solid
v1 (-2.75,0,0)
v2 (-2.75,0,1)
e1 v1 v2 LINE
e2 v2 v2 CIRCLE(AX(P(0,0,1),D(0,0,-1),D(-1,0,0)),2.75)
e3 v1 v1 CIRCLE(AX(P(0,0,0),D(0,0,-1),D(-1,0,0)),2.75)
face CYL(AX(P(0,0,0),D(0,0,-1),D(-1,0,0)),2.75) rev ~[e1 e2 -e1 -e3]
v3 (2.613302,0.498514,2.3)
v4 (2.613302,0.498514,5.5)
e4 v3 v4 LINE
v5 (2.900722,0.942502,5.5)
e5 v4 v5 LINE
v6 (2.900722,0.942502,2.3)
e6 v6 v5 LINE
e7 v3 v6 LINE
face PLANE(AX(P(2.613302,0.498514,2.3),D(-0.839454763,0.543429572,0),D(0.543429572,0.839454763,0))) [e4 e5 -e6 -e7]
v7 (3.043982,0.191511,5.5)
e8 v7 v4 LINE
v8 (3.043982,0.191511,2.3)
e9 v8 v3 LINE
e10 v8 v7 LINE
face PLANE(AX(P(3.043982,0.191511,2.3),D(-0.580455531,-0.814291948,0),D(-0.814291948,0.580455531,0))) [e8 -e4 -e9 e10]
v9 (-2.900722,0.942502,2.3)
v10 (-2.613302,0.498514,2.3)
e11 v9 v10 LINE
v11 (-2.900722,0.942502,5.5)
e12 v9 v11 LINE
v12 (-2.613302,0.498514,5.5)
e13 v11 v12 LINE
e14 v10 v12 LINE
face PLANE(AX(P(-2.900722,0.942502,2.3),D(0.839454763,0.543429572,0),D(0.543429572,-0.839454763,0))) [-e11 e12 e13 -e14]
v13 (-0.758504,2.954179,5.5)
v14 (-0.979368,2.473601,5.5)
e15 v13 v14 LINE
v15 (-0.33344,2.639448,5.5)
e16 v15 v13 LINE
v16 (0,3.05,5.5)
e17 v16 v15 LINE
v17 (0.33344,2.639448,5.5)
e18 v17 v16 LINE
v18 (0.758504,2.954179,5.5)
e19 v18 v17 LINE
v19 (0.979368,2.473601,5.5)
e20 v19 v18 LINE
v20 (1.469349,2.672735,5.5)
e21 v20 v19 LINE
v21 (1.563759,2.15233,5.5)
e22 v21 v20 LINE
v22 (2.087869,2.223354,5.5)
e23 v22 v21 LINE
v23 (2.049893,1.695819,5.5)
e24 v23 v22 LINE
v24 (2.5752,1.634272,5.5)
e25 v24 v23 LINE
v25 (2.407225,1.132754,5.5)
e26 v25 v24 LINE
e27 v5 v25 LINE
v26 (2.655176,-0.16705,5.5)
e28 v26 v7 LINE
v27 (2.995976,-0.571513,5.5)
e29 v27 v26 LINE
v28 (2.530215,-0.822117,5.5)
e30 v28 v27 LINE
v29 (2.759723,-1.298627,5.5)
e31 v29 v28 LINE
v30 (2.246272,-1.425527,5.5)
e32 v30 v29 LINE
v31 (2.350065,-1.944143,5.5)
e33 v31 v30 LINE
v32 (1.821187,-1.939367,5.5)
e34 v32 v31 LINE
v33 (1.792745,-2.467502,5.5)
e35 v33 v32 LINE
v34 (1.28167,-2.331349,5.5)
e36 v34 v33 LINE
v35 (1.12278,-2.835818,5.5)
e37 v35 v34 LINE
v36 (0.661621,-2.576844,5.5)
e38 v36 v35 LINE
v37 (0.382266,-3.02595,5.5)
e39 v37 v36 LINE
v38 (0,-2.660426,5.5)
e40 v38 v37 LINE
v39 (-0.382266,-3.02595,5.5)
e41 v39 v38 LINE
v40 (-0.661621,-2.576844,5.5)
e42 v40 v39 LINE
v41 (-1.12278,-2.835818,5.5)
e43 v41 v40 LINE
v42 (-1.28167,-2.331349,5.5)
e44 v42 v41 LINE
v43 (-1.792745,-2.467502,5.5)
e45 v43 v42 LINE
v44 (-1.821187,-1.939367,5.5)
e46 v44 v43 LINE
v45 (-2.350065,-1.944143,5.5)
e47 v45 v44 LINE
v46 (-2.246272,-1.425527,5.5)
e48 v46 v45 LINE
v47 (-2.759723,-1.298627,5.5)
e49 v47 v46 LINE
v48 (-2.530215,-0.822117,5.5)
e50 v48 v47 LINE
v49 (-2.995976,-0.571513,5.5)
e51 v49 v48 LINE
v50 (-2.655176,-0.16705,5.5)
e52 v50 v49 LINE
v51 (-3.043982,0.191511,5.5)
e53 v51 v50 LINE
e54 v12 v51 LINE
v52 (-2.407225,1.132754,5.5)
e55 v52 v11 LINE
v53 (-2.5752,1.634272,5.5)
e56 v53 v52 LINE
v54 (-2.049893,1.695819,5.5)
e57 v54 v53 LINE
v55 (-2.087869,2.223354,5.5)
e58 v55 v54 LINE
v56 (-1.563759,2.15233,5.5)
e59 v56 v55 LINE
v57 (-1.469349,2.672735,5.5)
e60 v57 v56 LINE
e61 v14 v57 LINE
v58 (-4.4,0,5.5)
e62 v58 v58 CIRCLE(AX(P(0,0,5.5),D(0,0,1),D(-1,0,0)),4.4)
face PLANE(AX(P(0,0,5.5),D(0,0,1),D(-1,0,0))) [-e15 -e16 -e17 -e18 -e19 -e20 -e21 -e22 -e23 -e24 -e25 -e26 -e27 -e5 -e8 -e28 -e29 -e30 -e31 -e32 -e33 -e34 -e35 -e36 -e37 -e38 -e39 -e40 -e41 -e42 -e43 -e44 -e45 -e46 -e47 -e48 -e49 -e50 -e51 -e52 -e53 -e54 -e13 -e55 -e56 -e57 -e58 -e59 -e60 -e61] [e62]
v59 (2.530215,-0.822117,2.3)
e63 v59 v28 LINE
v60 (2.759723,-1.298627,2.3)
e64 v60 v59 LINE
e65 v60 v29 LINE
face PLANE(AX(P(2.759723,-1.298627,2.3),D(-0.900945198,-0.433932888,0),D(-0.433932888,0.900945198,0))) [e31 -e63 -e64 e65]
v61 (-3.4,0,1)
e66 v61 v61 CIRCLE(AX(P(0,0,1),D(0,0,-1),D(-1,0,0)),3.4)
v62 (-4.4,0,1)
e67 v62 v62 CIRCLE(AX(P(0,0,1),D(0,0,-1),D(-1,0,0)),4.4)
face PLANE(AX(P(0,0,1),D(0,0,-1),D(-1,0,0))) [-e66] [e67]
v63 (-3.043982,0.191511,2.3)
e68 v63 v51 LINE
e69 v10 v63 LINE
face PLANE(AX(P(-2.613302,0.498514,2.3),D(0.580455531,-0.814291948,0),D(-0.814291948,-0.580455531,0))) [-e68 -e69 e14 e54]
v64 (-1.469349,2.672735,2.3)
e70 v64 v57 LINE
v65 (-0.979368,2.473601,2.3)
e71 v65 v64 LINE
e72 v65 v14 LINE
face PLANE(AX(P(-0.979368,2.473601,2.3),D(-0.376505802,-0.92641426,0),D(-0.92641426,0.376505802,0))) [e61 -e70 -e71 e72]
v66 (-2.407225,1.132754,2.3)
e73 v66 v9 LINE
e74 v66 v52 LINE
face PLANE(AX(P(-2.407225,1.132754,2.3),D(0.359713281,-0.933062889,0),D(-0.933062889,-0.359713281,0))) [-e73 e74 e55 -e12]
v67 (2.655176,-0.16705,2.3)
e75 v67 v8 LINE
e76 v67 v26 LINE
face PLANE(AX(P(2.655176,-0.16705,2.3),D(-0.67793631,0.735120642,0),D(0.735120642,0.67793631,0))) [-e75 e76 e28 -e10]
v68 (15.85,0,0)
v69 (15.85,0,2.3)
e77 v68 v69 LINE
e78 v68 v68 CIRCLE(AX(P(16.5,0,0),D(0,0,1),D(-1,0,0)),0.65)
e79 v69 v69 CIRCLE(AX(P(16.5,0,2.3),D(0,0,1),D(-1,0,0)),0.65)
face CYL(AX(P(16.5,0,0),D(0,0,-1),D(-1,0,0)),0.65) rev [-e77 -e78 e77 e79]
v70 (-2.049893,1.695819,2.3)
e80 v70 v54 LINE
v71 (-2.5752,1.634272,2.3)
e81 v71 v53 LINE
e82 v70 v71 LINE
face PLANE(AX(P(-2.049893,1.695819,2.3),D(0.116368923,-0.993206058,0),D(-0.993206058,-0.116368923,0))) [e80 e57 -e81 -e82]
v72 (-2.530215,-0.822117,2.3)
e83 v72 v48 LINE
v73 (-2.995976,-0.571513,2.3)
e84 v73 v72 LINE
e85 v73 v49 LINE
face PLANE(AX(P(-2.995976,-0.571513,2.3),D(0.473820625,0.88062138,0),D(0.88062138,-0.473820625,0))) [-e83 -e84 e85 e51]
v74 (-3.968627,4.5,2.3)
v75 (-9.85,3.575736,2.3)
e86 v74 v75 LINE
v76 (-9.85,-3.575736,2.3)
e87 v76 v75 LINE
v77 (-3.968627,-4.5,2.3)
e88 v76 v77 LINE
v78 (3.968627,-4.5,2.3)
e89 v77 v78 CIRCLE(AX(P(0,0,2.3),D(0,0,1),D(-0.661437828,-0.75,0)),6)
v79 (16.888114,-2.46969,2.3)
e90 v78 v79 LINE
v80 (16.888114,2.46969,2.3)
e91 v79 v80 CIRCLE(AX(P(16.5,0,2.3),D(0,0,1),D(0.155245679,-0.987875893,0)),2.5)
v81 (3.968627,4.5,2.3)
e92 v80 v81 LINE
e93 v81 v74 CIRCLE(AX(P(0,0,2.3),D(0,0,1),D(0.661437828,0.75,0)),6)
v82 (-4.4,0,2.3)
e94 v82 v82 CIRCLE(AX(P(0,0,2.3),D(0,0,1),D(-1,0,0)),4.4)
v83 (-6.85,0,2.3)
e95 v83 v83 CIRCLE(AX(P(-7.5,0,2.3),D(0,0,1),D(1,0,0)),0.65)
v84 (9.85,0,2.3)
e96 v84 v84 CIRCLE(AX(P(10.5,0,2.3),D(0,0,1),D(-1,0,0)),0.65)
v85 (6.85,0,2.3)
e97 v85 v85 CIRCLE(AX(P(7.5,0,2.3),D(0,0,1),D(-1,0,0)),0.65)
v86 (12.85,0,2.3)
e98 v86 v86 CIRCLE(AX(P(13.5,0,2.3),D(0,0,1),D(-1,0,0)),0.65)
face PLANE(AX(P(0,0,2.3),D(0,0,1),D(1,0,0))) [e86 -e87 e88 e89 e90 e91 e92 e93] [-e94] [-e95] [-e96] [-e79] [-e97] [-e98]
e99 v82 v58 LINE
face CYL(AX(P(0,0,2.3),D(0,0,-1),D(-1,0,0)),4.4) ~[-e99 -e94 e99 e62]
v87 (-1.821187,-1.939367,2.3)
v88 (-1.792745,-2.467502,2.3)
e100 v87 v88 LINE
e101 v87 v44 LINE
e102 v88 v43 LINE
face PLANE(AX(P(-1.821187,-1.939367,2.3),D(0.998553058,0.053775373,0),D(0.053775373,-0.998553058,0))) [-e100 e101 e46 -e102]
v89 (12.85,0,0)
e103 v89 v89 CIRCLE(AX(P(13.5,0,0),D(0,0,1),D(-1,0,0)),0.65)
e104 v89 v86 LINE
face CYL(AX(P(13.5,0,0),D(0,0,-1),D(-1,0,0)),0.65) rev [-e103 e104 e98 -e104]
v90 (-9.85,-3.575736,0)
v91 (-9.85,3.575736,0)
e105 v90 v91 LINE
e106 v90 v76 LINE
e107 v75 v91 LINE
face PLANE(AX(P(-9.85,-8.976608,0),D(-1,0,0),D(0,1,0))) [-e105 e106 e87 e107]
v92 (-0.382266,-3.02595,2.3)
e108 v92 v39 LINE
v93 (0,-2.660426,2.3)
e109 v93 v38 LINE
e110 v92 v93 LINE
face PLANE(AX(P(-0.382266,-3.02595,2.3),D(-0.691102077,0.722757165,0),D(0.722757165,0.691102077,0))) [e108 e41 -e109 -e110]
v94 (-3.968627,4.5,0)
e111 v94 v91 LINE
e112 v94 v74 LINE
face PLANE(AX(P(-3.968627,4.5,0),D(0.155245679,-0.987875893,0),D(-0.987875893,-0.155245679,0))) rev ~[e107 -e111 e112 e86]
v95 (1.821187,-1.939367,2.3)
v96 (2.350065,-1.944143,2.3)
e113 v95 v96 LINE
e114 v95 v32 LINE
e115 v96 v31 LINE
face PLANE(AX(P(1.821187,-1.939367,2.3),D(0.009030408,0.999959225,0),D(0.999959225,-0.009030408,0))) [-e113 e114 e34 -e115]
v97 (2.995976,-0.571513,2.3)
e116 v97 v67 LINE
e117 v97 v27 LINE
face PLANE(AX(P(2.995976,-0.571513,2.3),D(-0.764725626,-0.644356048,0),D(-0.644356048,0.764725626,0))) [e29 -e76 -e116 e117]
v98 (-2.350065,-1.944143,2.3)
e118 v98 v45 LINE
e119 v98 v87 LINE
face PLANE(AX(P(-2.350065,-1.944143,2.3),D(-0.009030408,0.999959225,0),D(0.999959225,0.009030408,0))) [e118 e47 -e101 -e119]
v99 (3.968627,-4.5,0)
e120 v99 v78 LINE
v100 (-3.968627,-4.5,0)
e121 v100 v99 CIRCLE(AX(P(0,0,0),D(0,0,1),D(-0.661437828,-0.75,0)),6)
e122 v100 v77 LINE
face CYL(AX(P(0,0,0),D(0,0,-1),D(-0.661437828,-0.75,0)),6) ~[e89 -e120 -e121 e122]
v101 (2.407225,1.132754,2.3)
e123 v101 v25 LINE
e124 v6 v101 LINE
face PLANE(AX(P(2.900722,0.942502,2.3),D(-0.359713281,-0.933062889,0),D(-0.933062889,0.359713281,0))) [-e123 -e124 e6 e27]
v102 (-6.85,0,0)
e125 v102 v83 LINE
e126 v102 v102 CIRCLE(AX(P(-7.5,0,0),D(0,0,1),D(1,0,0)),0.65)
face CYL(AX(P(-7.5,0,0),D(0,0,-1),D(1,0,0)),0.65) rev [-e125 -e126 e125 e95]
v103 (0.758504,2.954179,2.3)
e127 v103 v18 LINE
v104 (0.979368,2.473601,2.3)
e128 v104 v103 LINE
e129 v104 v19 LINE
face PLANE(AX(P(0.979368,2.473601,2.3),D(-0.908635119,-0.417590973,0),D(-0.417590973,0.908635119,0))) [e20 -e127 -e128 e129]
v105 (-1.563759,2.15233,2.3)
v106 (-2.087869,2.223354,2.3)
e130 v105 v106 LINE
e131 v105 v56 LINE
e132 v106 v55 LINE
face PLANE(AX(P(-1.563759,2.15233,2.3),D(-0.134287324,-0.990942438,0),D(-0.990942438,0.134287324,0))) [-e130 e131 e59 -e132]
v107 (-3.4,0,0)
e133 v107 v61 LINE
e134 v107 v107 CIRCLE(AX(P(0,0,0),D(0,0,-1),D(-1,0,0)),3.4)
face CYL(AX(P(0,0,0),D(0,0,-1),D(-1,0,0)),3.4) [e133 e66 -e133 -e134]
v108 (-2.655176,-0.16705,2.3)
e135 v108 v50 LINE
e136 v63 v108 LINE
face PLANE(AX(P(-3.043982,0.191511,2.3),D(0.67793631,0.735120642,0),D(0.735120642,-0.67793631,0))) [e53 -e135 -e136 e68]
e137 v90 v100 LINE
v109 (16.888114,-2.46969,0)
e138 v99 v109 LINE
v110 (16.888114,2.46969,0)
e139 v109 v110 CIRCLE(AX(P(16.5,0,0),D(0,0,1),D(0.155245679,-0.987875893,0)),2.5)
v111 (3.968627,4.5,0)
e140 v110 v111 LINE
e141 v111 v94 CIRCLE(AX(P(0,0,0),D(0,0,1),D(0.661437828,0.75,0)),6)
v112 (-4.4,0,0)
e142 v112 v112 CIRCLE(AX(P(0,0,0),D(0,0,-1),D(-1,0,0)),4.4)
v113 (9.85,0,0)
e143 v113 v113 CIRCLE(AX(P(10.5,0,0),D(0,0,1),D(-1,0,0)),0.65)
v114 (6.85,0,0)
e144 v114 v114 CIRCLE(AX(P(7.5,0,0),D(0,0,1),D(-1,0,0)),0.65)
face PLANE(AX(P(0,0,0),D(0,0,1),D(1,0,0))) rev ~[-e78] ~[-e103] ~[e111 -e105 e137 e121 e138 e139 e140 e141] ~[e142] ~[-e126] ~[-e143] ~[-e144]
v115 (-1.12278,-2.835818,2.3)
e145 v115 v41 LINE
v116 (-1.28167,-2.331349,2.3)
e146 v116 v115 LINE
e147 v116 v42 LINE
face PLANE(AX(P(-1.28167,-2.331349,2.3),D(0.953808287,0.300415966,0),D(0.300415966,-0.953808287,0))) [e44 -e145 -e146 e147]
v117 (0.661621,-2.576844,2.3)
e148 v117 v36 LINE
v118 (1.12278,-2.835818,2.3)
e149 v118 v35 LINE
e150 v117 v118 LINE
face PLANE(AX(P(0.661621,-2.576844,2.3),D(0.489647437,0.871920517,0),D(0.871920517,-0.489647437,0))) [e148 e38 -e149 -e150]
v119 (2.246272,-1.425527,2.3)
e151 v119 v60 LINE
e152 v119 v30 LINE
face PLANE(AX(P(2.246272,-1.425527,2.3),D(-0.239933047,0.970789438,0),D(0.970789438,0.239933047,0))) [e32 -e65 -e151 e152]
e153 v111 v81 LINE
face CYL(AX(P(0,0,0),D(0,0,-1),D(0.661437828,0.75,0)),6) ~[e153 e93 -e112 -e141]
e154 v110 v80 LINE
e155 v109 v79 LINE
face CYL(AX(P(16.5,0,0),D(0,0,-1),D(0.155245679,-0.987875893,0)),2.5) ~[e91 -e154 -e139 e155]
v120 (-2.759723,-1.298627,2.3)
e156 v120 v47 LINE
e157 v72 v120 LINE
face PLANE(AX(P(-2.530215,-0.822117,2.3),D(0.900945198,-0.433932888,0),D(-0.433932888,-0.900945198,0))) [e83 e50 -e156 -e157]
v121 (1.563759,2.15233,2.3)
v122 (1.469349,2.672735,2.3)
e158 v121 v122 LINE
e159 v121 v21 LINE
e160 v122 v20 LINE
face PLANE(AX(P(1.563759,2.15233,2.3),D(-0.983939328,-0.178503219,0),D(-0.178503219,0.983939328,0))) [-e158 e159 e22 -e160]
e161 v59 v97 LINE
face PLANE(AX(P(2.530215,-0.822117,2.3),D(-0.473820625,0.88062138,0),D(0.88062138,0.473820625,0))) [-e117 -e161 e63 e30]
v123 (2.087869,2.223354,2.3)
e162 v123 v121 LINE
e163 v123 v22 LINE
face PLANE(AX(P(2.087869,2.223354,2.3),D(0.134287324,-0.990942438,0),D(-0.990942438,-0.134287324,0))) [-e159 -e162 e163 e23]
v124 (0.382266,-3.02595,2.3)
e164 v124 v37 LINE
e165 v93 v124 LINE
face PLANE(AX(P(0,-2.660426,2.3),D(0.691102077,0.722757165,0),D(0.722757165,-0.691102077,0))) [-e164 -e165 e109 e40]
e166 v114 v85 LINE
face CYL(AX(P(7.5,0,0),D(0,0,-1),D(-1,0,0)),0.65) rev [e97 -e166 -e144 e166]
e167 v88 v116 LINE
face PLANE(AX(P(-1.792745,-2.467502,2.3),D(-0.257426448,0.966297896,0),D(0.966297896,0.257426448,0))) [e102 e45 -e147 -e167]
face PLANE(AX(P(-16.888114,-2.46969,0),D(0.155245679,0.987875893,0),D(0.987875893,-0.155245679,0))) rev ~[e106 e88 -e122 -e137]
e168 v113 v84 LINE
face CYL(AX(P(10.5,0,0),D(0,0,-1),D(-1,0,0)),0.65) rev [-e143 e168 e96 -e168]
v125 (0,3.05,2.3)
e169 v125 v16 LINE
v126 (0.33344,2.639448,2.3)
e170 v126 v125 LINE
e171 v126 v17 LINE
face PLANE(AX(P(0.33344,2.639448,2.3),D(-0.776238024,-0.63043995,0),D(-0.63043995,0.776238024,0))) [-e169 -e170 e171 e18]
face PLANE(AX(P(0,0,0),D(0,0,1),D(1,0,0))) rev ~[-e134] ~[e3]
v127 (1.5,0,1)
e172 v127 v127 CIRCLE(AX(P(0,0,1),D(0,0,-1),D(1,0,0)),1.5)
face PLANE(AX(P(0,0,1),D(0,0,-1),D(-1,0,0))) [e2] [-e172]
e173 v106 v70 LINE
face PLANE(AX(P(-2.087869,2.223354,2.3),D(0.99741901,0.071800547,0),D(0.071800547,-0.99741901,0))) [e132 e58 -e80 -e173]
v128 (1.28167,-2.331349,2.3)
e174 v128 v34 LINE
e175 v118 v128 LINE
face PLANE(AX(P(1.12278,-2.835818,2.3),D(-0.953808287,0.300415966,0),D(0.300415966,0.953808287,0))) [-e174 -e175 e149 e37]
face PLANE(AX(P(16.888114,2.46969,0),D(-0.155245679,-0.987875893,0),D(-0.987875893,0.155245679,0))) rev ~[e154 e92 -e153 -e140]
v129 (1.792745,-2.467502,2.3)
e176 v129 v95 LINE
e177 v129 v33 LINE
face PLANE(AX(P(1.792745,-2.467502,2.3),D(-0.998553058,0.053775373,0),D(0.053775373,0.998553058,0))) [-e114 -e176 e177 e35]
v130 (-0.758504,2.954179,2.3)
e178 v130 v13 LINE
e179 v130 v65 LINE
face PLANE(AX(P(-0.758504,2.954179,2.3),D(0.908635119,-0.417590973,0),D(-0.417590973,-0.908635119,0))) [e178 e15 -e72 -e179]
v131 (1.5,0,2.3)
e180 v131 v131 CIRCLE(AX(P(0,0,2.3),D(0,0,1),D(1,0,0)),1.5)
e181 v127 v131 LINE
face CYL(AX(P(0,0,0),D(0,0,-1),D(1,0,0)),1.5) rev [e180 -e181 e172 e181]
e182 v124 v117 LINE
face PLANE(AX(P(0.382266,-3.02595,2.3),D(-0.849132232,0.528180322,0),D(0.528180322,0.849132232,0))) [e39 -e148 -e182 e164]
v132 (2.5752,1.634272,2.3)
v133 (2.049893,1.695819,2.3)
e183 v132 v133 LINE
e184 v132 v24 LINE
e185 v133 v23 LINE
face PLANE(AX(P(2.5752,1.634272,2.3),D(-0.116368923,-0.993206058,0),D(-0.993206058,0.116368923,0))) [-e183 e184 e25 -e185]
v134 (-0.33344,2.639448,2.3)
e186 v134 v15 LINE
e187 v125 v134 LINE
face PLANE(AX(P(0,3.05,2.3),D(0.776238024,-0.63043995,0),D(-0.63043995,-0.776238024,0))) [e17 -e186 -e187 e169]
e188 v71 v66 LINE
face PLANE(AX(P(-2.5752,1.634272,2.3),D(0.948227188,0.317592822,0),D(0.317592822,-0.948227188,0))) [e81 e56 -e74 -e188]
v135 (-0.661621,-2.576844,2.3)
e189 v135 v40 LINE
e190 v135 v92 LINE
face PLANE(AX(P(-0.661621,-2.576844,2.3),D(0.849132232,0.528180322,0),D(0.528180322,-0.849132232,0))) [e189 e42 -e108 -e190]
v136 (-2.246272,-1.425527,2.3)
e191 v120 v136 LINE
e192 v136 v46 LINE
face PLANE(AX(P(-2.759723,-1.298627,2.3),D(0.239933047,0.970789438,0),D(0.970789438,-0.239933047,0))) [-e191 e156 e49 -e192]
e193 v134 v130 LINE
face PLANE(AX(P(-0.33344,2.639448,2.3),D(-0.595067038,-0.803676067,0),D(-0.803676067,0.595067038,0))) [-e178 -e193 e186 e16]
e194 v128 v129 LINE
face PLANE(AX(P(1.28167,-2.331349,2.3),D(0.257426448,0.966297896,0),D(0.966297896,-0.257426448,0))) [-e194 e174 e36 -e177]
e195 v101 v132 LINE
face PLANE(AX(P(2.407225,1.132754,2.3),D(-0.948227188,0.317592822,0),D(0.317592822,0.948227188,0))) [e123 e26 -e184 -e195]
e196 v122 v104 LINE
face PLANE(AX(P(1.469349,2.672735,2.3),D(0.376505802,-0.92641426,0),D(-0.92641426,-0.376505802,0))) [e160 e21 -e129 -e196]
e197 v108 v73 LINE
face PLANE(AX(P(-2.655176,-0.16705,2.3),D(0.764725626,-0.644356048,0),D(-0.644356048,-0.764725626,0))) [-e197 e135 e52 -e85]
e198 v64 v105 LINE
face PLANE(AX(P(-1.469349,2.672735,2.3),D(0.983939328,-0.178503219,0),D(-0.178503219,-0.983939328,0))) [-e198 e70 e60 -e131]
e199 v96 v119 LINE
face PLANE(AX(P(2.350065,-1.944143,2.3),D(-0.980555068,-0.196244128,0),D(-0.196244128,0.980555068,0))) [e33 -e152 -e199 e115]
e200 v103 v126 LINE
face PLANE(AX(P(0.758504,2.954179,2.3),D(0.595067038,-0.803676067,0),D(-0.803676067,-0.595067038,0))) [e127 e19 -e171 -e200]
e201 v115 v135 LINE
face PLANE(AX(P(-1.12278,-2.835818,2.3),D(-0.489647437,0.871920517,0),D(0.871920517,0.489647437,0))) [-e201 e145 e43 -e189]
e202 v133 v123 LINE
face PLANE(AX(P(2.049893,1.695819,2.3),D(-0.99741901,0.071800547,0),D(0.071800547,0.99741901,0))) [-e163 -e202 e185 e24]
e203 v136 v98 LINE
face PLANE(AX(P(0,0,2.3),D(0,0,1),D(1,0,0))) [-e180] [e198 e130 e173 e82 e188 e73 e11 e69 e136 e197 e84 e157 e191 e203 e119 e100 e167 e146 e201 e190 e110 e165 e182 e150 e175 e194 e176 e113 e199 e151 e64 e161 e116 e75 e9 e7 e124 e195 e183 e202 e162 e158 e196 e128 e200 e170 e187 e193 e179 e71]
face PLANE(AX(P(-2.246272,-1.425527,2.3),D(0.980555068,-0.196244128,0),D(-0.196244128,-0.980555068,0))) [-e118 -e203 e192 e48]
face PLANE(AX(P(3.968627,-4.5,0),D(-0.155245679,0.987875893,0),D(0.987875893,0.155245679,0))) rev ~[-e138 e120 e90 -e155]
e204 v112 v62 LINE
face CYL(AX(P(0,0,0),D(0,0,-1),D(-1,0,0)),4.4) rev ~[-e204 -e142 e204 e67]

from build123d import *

# Parameters (mm, degrees)
SKETCH_1_R          = 0.65
SKETCH_1_R_2        = 1.5
EXTRUDE_1_DEPTH     = 2.3
SKETCH_2_R          = 4.4
EXTRUDE_2_DEPTH     = 3.2
SKETCH_3_R          = 4.4
SKETCH_3_R_2        = 3.4
SKETCH_3_R_3        = 2.75
SKETCH_3_R_4        = 1.5
CUT_EXTRUDE_1_DEPTH = 1
SKETCH1_W           = 12.345584807
SKETCH1_H           = 16.477608666
CUT_EXTRUDE2_DEPTH  = 10


with BuildPart() as part:
    # Эскиз1 → Бобышка-Вытянуть1 (new body)
    with BuildSketch(Plane.XY):
        with BuildLine():
            Line((-3.968626967, 4.5), (-16.888114198, 2.469689731))
            ThreePointArc((-16.888114198, 2.469689731), (-19, 0), (-16.888114198, -2.469689731))
            Line((-16.888114198, -2.469689731), (-3.968626967, -4.5))
            ThreePointArc((-3.968626967, -4.5), (0, -6), (3.968626967, -4.5))
            Line((3.968626967, -4.5), (16.888114198, -2.469689731))
            ThreePointArc((16.888114198, -2.469689731), (19, 0), (16.888114198, 2.469689731))
            Line((16.888114198, 2.469689731), (3.968626967, 4.5))
            ThreePointArc((3.968626967, 4.5), (0, 6), (-3.968626967, 4.5))
        make_face()
        with Locations((-16.5, 0)):
            Circle(SKETCH_1_R, mode=Mode.SUBTRACT)
        with Locations((-13.5, 0)):
            Circle(SKETCH_1_R, mode=Mode.SUBTRACT)
        with Locations((-10.5, 0)):
            Circle(SKETCH_1_R, mode=Mode.SUBTRACT)
        with Locations((-7.5, 0)):
            Circle(SKETCH_1_R, mode=Mode.SUBTRACT)
        with Locations(Location((16.5, 0, 0), (0, 0, 180))):
            Circle(SKETCH_1_R, mode=Mode.SUBTRACT)
        with Locations(Location((7.5, 0, 0), (0, 0, 180))):
            Circle(SKETCH_1_R, mode=Mode.SUBTRACT)
        with Locations(Location((10.5, 0, 0), (0, 0, 180))):
            Circle(SKETCH_1_R, mode=Mode.SUBTRACT)
        with Locations(Location((13.5, 0, 0), (0, 0, 180))):
            Circle(SKETCH_1_R, mode=Mode.SUBTRACT)
        Circle(SKETCH_1_R_2, mode=Mode.SUBTRACT)
    extrude(amount=EXTRUDE_1_DEPTH)

    # Эскиз2 → Бобышка-Вытянуть2 (add)
    with BuildSketch(Plane.XY.offset(2.3)):
        with Locations(Location((0, 0, 0), (0, 0, 180))):
            Circle(SKETCH_2_R)
        Polygon((0.333439775, 2.639447604), (0, 3.05), (-0.333439775, 2.639447604), (-0.758504156, 2.954178641), (-0.979368078, 2.473601404), (-1.469348706, 2.672735374), (-1.563759083, 2.15232973), (-2.087868673, 2.223354314), (-2.049893354, 1.695819264), (-2.575200173, 1.634271725), (-2.407225286, 1.132754236), (-2.900722375, 0.942501833), (-2.6133024, 0.498514094), (-3.043981522, 0.191511085), (-2.655176114, -0.167049522), (-2.995976115, -0.571513009), (-2.530215347, -0.822116802), (-2.75972251, -1.298626839), (-2.246271844, -1.42552746), (-2.35006539, -1.944143169), (-1.821186821, -1.939366985), (-1.792745019, -2.467501833), (-1.281669931, -2.33134895), (-1.122779886, -2.835818282), (-0.661621006, -2.576843686), (-0.382266362, -3.025949839), (0, -2.660425857), (0.382266362, -3.025949839), (0.661621006, -2.576843686), (1.122779886, -2.835818282), (1.281669931, -2.33134895), (1.792745019, -2.467501833), (1.821186821, -1.939366985), (2.35006539, -1.944143169), (2.246271844, -1.42552746), (2.75972251, -1.298626839), (2.530215347, -0.822116802), (2.995976115, -0.571513009), (2.655176114, -0.167049522), (3.043981522, 0.191511085), (2.6133024, 0.498514094), (2.900722375, 0.942501833), (2.407225286, 1.132754236), (2.575200173, 1.634271725), (2.049893354, 1.695819264), (2.087868673, 2.223354314), (1.563759083, 2.15232973), (1.469348706, 2.672735374), (0.979368078, 2.473601404), (0.758504156, 2.954178641), align=None, mode=Mode.SUBTRACT)
    extrude(amount=EXTRUDE_2_DEPTH)

    # Эскиз3 → Вырез-Вытянуть1 (cut)
    # profile 1 of 2: a face of its own
    with BuildSketch(Plane(origin=(0, 0, 0), x_dir=(-1, 0, 0), z_dir=(0, 0, -1))):
        Circle(SKETCH_3_R)
        Circle(SKETCH_3_R_2, mode=Mode.SUBTRACT)
    # profile 2 of 2: a face of its own
    with BuildSketch(Plane(origin=(0, 0, 0), x_dir=(-1, 0, 0), z_dir=(0, 0, -1))):
        Circle(SKETCH_3_R_3)
        Circle(SKETCH_3_R_4, mode=Mode.SUBTRACT)
    extrude(amount=-CUT_EXTRUDE_1_DEPTH, mode=Mode.SUBTRACT)

    # Sketch1 → Cut-Extrude2 (cut)
    with BuildSketch(Plane(origin=(0, 0, 0), x_dir=(-1, 0, 0), z_dir=(0, 0, -1))):
        with Locations((16.022792404, -0.737803373)):
            Rectangle(SKETCH1_W, SKETCH1_H)
    extrude(amount=-CUT_EXTRUDE2_DEPTH, mode=Mode.SUBTRACT)


solid = part.part
